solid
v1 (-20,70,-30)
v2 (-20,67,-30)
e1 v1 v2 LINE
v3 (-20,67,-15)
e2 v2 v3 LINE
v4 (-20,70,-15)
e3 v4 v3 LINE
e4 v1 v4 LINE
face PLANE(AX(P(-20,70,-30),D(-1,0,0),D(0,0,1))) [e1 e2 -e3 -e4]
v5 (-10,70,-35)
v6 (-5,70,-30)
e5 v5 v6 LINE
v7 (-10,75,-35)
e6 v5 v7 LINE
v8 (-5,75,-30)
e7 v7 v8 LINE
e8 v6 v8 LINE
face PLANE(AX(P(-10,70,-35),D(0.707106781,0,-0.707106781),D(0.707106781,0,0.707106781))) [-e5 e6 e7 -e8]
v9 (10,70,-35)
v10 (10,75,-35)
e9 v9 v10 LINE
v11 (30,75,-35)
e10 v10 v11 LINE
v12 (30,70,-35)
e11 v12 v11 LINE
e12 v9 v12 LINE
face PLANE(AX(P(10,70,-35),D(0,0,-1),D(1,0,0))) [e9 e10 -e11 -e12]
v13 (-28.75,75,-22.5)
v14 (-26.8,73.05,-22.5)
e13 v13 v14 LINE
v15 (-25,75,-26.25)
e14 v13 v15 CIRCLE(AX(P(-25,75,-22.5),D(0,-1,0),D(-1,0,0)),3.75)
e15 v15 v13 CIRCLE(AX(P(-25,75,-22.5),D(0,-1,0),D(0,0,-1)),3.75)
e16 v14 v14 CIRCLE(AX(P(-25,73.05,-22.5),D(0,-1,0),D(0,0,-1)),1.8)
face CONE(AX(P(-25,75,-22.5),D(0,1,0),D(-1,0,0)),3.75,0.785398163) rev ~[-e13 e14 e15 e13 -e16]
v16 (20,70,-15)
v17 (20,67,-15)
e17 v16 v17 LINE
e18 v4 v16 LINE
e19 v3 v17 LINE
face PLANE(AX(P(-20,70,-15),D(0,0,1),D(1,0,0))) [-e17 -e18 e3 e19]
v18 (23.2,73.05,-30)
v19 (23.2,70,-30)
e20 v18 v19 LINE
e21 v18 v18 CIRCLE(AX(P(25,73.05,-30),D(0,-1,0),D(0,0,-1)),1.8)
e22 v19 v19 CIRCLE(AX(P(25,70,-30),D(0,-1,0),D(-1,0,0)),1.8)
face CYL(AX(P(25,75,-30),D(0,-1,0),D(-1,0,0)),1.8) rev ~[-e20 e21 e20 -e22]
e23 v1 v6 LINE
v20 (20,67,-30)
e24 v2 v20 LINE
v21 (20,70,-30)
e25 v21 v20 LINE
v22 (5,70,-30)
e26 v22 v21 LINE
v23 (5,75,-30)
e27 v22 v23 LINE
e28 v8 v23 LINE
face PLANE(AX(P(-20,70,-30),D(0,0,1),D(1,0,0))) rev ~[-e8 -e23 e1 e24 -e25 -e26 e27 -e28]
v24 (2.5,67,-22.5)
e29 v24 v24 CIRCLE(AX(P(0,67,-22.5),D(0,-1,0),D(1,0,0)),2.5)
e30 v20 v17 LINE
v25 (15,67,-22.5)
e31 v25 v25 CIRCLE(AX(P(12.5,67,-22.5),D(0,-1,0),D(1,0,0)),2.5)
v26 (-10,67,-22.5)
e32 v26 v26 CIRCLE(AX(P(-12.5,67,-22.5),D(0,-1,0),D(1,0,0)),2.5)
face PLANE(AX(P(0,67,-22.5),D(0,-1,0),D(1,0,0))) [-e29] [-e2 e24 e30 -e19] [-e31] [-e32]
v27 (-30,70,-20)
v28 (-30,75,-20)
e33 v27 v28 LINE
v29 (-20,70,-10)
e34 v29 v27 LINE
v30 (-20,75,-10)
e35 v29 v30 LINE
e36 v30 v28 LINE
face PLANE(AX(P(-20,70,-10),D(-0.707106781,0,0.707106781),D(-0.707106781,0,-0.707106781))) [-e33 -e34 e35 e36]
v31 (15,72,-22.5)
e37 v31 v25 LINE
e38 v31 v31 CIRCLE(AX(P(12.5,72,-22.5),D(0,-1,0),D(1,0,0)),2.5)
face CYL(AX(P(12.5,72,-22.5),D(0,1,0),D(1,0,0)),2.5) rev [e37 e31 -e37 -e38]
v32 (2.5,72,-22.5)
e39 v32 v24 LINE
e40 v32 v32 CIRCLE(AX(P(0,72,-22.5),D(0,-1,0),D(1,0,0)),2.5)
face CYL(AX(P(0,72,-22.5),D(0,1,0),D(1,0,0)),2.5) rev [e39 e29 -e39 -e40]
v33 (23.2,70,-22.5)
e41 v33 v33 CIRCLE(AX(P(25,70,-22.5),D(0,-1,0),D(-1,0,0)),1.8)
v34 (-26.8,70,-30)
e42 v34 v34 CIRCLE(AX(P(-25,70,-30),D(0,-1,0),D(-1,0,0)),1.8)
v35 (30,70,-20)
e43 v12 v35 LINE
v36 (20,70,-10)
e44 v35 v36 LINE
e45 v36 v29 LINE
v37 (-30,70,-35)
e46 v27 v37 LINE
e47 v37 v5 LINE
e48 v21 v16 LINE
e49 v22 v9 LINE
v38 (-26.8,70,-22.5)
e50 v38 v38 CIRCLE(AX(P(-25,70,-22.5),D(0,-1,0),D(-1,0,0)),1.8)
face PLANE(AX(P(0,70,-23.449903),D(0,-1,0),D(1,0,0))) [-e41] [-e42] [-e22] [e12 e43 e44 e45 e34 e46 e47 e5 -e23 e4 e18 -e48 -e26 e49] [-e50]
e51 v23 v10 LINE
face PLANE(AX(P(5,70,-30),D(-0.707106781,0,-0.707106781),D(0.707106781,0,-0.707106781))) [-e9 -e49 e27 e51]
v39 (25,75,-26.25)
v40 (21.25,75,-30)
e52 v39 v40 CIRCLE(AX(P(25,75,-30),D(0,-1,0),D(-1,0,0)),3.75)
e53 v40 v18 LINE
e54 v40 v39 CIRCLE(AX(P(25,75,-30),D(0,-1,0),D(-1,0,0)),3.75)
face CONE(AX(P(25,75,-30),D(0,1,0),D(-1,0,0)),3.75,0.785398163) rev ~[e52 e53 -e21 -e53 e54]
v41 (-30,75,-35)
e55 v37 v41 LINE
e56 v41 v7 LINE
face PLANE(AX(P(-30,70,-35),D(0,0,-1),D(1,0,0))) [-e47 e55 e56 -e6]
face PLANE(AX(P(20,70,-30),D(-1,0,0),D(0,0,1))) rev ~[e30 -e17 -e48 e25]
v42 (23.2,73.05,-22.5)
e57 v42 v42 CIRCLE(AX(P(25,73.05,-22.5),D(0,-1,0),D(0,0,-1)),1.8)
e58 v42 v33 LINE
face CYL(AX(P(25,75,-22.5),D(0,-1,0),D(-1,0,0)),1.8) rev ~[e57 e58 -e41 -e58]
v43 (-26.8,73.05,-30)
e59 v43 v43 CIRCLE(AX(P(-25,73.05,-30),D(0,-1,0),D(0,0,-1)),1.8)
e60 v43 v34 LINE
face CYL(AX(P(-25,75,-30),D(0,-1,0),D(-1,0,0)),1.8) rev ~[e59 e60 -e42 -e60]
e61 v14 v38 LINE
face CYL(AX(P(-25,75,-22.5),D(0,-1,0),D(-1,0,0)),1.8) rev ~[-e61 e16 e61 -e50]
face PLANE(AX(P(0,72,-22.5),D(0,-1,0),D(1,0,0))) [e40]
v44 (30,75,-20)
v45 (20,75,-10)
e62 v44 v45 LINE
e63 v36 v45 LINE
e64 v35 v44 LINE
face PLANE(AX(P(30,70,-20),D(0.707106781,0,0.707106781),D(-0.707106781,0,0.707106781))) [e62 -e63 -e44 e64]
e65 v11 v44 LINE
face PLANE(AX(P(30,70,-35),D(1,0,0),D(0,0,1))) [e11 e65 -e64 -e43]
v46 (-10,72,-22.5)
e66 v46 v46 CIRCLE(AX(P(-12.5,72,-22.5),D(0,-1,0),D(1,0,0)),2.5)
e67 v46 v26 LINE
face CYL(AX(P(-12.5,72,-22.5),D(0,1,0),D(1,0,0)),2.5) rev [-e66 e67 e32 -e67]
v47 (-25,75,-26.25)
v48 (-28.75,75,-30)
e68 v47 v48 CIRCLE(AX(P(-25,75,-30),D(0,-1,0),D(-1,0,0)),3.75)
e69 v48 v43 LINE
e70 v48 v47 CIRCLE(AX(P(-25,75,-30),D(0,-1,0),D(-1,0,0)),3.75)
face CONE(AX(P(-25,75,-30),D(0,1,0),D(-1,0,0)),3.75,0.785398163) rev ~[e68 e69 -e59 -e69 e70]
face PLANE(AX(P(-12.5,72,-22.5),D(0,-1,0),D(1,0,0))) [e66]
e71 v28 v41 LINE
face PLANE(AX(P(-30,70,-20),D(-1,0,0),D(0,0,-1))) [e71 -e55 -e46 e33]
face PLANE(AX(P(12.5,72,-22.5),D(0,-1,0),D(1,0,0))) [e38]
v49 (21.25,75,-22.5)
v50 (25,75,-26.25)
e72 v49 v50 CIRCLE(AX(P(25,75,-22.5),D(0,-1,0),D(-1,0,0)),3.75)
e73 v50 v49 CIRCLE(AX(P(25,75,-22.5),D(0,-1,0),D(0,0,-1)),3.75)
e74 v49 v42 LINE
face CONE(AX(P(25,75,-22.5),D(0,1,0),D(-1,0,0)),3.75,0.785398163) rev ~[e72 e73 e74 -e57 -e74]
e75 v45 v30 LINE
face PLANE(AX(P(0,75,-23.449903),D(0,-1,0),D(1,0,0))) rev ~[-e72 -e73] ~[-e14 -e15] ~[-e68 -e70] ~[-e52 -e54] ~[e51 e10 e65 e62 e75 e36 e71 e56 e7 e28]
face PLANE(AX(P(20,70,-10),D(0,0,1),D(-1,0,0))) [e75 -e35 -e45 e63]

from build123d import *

# Parameters (mm, degrees)
PAD017_DEPTH        = 5
HOLE001_D           = 3.6
HOLE001_DEPTH       = 25
HOLE001_CSINK_D     = 7.5
HOLE001_CSINK_ANGLE = 90
SKETCH026_W         = 40
SKETCH026_H         = 15
PAD018_DEPTH        = 3
SKETCH027_R         = 2.5
POCKET006_DEPTH     = 5


with BuildPart() as part:
    # Sketch024 → Pad017 (new body)
    with BuildSketch(Plane.XZ.offset(-70)):
        Polygon((-30, -20), (-30, -35), (-10, -35), (-5, -30), (5, -30), (10, -35), (30, -35), (30, -20), (20, -10), (-20, -10), align=None)
    extrude(amount=-PAD017_DEPTH)

    # Hole001
    with Locations(Plane(origin=(0, 75, 0), x_dir=(1, 0, 0), z_dir=(0, 1, 0))):
        with Locations((25, 22.5), (25, 30), (-25, 30), (-25, 22.5)):
            CounterSinkHole(HOLE001_D / 2, HOLE001_CSINK_D / 2, depth=HOLE001_DEPTH, counter_sink_angle=HOLE001_CSINK_ANGLE)

    # Sketch026 → Pad018 (join)
    with BuildSketch(Plane.XZ.offset(-70)):
        with Locations((0, -22.5)):
            Rectangle(SKETCH026_W, SKETCH026_H)
    extrude(amount=PAD018_DEPTH)

    # Sketch027 → Pocket006 (cut)
    with BuildSketch(Plane.XZ.offset(-72)):
        with Locations((-12.5, -22.5)):
            Circle(SKETCH027_R)
        with Locations((0, -22.5)):
            Circle(SKETCH027_R)
        with Locations((12.5, -22.5)):
            Circle(SKETCH027_R)
    extrude(amount=POCKET006_DEPTH, mode=Mode.SUBTRACT)


solid = part.part
